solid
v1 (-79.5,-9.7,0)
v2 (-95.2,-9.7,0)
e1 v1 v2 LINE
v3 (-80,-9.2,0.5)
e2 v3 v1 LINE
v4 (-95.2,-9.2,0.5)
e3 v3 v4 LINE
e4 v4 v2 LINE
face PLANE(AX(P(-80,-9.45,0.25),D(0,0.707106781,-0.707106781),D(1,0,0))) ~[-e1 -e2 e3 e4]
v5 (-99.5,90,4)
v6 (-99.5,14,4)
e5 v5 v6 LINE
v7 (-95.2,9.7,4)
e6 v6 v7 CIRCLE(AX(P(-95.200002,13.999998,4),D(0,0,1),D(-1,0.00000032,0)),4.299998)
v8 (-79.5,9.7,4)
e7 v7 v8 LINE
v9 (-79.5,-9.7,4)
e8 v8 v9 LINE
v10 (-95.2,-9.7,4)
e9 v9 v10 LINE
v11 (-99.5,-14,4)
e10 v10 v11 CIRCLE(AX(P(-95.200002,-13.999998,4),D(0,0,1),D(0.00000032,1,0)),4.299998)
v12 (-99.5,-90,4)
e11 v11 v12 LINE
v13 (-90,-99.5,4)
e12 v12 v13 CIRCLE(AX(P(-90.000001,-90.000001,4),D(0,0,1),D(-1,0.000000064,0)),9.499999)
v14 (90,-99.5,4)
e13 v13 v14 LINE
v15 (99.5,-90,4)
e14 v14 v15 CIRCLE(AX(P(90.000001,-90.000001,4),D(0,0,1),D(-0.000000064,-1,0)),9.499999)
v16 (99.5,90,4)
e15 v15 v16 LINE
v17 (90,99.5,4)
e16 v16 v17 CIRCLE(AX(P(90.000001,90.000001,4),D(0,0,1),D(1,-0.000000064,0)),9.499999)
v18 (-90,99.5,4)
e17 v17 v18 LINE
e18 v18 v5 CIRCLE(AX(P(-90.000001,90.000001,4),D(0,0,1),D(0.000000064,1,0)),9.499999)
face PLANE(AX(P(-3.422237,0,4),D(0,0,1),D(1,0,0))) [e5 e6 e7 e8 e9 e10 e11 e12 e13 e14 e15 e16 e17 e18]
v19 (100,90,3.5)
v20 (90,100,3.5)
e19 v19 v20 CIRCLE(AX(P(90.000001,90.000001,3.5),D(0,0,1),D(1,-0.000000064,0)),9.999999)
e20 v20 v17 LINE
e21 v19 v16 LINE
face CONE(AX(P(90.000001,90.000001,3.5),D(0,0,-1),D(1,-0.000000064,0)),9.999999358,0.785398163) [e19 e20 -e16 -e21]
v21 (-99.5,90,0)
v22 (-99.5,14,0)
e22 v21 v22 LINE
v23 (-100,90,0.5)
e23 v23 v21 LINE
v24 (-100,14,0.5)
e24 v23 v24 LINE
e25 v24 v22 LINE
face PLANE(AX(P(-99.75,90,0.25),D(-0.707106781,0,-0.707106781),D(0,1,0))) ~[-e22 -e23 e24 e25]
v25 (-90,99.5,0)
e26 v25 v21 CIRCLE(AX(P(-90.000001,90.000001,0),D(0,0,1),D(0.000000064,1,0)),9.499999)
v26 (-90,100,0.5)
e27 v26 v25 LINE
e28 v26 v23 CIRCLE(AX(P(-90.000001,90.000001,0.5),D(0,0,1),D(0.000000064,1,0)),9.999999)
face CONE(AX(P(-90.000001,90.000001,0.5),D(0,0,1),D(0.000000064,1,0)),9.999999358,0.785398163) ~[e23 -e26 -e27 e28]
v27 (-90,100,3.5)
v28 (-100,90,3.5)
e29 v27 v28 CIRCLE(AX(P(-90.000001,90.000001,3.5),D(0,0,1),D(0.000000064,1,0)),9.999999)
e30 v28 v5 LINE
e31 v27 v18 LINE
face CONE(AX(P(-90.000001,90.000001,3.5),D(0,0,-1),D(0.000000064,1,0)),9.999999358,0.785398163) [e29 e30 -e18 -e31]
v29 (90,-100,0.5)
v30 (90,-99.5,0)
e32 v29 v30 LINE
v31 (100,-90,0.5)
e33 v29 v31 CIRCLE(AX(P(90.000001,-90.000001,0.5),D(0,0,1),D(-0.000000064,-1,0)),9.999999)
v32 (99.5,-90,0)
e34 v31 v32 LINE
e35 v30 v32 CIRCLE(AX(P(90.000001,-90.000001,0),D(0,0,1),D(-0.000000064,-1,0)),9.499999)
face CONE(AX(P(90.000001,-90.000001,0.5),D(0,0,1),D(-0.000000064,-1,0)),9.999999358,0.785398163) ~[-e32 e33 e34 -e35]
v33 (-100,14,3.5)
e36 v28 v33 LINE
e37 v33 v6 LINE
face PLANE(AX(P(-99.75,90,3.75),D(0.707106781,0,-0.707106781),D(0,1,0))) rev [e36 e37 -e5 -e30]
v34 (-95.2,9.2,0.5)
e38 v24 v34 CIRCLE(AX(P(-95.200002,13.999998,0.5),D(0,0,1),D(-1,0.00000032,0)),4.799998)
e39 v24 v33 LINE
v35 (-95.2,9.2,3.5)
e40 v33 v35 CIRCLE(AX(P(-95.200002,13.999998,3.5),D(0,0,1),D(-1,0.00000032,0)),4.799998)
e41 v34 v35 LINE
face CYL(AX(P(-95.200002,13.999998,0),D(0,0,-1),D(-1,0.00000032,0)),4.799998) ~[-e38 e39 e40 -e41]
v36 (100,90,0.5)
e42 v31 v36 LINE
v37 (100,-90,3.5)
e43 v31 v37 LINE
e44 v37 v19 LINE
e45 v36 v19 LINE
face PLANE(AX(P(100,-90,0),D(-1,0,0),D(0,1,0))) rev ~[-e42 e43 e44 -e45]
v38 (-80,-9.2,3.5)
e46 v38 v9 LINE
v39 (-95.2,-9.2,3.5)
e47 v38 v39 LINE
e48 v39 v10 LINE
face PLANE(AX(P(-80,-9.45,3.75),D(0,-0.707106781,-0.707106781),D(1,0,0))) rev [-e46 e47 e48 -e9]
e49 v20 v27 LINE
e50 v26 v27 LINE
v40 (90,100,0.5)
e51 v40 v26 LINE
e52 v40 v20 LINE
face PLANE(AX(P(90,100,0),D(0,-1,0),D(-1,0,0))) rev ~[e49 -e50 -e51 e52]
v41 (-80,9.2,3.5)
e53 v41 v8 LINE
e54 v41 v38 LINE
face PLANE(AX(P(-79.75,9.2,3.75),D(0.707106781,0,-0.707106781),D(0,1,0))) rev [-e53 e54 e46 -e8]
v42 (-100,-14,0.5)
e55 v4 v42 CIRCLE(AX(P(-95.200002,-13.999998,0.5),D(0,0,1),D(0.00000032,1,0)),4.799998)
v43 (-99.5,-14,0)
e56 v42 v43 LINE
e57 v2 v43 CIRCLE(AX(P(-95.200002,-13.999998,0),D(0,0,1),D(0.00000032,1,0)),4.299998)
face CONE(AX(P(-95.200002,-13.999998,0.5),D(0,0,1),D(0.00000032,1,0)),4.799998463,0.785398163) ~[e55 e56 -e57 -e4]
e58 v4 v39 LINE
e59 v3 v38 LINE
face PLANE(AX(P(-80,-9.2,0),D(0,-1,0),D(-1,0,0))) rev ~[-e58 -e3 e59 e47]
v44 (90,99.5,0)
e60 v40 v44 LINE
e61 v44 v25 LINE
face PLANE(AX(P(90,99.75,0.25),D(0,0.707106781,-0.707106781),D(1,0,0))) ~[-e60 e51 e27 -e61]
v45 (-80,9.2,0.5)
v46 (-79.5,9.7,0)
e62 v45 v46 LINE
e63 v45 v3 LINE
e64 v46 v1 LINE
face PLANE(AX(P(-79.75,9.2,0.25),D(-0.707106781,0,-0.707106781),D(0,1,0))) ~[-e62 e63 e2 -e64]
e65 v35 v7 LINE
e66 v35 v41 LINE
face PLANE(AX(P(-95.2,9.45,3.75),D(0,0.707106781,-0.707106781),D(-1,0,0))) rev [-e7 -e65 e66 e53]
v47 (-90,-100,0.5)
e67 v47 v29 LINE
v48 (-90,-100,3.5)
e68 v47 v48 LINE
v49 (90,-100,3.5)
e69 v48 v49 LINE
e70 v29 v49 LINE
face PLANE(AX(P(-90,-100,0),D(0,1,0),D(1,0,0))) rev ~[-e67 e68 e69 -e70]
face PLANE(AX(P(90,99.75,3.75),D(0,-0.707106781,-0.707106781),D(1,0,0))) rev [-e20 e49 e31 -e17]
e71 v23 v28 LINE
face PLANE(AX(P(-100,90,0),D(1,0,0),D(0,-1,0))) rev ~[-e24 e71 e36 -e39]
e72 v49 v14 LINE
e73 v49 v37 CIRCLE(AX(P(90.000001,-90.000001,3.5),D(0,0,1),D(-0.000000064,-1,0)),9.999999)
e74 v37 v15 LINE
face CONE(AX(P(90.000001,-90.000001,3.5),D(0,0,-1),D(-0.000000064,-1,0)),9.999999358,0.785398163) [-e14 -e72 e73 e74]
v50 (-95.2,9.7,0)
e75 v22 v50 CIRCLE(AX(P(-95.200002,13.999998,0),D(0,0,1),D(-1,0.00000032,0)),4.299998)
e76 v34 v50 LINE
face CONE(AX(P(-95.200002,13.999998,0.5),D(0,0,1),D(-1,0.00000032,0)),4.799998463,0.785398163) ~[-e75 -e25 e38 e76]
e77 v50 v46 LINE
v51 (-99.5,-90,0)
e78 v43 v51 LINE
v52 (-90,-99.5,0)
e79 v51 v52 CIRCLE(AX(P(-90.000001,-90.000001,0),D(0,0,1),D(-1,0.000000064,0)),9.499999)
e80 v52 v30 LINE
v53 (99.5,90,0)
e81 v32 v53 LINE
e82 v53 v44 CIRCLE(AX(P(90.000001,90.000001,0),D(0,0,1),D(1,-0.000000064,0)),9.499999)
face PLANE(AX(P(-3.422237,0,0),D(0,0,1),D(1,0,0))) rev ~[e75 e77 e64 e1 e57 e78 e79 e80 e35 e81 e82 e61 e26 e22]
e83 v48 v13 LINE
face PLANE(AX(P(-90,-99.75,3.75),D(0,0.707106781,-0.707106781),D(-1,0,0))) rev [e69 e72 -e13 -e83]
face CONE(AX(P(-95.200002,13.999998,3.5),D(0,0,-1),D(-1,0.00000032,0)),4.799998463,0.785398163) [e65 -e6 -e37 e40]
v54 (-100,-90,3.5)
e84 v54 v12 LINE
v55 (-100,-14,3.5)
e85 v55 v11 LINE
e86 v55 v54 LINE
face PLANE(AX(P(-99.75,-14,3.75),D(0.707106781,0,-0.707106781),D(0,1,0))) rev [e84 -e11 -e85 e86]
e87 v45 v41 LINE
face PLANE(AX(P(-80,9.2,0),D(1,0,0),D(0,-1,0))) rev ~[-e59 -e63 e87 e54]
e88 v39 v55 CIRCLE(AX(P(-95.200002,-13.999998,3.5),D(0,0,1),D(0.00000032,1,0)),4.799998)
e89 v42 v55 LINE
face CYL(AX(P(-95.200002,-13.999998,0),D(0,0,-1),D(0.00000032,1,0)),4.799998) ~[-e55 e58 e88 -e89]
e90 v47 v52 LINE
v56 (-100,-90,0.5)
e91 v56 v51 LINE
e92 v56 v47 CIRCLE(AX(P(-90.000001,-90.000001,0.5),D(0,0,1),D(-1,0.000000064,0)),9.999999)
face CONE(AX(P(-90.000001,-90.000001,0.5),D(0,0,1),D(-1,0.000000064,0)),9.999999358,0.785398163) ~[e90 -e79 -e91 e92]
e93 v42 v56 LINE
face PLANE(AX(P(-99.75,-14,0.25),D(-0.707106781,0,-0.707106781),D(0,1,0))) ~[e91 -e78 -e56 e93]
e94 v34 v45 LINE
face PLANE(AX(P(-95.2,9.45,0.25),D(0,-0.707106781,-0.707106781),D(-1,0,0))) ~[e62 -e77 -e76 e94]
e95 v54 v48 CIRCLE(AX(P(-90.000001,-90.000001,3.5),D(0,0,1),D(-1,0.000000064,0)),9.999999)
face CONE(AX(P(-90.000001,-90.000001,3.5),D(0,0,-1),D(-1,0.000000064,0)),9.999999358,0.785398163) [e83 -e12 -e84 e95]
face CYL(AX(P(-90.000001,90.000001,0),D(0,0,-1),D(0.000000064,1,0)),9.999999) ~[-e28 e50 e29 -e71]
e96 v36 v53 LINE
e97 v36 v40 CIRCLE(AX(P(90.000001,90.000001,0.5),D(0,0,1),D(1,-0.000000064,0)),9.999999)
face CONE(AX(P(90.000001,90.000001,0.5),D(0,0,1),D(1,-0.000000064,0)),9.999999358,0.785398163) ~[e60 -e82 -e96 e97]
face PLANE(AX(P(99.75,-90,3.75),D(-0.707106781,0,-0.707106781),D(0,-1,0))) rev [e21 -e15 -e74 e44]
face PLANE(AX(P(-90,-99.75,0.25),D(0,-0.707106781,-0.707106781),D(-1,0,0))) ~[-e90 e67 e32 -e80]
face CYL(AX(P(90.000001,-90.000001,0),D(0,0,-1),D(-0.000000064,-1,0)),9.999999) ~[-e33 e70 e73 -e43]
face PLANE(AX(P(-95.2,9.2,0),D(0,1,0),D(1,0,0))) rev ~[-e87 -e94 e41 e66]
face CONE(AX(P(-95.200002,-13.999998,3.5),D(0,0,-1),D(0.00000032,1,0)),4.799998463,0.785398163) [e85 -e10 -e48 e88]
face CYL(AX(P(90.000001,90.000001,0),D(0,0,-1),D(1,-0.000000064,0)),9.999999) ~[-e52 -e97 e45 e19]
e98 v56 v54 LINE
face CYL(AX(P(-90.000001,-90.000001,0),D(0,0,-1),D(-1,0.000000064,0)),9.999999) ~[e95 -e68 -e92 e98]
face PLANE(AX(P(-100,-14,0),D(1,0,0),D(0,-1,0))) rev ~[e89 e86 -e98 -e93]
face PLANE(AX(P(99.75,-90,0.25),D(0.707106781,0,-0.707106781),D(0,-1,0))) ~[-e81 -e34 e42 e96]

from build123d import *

# Parameters (mm, degrees)
F1_DEPTH = 4
F2_SIZE  = 0.5


with BuildPart() as f1:
    # F0 (on Top) → F1 (new body)
    with BuildSketch(Plane.XY):
        with BuildLine():
            Line((-90, -100), (90, -100))
            ThreePointArc((90, -100), (97.071068, -97.071068), (100, -90))
            Line((100, -90), (100, 90))
            ThreePointArc((100, 90), (97.071068, 97.071068), (90, 100))
            Line((90, 100), (-90, 100))
            ThreePointArc((-90, 100), (-97.071068, 97.071068), (-100, 90))
            Line((-100, 90), (-100, 14))
            ThreePointArc((-100, 14), (-98.594113, 10.605887), (-95.2, 9.2))
            Line((-95.2, 9.2), (-80, 9.2))
            Line((-80, 9.2), (-80, -9.2))
            Line((-80, -9.2), (-95.2, -9.2))
            ThreePointArc((-95.2, -9.2), (-98.594113, -10.605887), (-100, -14))
            Line((-100, -14), (-100, -90))
            ThreePointArc((-100, -90), (-97.071068, -97.071068), (-90, -100))
        make_face()
    extrude(amount=F1_DEPTH)

    # F2
    f2_edges = [f1.edges().sort_by_distance(p)[0] for p in [
        (0, -100, 4),
        (97.071068, -97.071068, 4),
        (100, 0, 4),
        (97.071068, 97.071068, 4),
        (0, 100, 4),
        (-97.071068, 97.071068, 4),
        (-100, 52, 4),
        (-98.594113, 10.605887, 4),
        (-87.6, 9.2, 4),
        (-80, 0, 4),
        (-87.6, -9.2, 4),
        (-98.594113, -10.605887, 4),
        (-100, -52, 4),
        (-97.071068, -97.071068, 4),
        (0, -100, 0),
        (97.071068, -97.071068, 0),
        (100, 0, 0),
        (97.071068, 97.071068, 0),
        (0, 100, 0),
        (-97.071068, 97.071068, 0),
        (-100, 52, 0),
        (-98.594113, 10.605887, 0),
        (-87.6, 9.2, 0),
        (-80, 0, 0),
        (-87.6, -9.2, 0),
        (-98.594113, -10.605887, 0),
        (-100, -52, 0),
        (-97.071068, -97.071068, 0),
    ]]
    chamfer(f2_edges, length=F2_SIZE)


solid = f1.part
